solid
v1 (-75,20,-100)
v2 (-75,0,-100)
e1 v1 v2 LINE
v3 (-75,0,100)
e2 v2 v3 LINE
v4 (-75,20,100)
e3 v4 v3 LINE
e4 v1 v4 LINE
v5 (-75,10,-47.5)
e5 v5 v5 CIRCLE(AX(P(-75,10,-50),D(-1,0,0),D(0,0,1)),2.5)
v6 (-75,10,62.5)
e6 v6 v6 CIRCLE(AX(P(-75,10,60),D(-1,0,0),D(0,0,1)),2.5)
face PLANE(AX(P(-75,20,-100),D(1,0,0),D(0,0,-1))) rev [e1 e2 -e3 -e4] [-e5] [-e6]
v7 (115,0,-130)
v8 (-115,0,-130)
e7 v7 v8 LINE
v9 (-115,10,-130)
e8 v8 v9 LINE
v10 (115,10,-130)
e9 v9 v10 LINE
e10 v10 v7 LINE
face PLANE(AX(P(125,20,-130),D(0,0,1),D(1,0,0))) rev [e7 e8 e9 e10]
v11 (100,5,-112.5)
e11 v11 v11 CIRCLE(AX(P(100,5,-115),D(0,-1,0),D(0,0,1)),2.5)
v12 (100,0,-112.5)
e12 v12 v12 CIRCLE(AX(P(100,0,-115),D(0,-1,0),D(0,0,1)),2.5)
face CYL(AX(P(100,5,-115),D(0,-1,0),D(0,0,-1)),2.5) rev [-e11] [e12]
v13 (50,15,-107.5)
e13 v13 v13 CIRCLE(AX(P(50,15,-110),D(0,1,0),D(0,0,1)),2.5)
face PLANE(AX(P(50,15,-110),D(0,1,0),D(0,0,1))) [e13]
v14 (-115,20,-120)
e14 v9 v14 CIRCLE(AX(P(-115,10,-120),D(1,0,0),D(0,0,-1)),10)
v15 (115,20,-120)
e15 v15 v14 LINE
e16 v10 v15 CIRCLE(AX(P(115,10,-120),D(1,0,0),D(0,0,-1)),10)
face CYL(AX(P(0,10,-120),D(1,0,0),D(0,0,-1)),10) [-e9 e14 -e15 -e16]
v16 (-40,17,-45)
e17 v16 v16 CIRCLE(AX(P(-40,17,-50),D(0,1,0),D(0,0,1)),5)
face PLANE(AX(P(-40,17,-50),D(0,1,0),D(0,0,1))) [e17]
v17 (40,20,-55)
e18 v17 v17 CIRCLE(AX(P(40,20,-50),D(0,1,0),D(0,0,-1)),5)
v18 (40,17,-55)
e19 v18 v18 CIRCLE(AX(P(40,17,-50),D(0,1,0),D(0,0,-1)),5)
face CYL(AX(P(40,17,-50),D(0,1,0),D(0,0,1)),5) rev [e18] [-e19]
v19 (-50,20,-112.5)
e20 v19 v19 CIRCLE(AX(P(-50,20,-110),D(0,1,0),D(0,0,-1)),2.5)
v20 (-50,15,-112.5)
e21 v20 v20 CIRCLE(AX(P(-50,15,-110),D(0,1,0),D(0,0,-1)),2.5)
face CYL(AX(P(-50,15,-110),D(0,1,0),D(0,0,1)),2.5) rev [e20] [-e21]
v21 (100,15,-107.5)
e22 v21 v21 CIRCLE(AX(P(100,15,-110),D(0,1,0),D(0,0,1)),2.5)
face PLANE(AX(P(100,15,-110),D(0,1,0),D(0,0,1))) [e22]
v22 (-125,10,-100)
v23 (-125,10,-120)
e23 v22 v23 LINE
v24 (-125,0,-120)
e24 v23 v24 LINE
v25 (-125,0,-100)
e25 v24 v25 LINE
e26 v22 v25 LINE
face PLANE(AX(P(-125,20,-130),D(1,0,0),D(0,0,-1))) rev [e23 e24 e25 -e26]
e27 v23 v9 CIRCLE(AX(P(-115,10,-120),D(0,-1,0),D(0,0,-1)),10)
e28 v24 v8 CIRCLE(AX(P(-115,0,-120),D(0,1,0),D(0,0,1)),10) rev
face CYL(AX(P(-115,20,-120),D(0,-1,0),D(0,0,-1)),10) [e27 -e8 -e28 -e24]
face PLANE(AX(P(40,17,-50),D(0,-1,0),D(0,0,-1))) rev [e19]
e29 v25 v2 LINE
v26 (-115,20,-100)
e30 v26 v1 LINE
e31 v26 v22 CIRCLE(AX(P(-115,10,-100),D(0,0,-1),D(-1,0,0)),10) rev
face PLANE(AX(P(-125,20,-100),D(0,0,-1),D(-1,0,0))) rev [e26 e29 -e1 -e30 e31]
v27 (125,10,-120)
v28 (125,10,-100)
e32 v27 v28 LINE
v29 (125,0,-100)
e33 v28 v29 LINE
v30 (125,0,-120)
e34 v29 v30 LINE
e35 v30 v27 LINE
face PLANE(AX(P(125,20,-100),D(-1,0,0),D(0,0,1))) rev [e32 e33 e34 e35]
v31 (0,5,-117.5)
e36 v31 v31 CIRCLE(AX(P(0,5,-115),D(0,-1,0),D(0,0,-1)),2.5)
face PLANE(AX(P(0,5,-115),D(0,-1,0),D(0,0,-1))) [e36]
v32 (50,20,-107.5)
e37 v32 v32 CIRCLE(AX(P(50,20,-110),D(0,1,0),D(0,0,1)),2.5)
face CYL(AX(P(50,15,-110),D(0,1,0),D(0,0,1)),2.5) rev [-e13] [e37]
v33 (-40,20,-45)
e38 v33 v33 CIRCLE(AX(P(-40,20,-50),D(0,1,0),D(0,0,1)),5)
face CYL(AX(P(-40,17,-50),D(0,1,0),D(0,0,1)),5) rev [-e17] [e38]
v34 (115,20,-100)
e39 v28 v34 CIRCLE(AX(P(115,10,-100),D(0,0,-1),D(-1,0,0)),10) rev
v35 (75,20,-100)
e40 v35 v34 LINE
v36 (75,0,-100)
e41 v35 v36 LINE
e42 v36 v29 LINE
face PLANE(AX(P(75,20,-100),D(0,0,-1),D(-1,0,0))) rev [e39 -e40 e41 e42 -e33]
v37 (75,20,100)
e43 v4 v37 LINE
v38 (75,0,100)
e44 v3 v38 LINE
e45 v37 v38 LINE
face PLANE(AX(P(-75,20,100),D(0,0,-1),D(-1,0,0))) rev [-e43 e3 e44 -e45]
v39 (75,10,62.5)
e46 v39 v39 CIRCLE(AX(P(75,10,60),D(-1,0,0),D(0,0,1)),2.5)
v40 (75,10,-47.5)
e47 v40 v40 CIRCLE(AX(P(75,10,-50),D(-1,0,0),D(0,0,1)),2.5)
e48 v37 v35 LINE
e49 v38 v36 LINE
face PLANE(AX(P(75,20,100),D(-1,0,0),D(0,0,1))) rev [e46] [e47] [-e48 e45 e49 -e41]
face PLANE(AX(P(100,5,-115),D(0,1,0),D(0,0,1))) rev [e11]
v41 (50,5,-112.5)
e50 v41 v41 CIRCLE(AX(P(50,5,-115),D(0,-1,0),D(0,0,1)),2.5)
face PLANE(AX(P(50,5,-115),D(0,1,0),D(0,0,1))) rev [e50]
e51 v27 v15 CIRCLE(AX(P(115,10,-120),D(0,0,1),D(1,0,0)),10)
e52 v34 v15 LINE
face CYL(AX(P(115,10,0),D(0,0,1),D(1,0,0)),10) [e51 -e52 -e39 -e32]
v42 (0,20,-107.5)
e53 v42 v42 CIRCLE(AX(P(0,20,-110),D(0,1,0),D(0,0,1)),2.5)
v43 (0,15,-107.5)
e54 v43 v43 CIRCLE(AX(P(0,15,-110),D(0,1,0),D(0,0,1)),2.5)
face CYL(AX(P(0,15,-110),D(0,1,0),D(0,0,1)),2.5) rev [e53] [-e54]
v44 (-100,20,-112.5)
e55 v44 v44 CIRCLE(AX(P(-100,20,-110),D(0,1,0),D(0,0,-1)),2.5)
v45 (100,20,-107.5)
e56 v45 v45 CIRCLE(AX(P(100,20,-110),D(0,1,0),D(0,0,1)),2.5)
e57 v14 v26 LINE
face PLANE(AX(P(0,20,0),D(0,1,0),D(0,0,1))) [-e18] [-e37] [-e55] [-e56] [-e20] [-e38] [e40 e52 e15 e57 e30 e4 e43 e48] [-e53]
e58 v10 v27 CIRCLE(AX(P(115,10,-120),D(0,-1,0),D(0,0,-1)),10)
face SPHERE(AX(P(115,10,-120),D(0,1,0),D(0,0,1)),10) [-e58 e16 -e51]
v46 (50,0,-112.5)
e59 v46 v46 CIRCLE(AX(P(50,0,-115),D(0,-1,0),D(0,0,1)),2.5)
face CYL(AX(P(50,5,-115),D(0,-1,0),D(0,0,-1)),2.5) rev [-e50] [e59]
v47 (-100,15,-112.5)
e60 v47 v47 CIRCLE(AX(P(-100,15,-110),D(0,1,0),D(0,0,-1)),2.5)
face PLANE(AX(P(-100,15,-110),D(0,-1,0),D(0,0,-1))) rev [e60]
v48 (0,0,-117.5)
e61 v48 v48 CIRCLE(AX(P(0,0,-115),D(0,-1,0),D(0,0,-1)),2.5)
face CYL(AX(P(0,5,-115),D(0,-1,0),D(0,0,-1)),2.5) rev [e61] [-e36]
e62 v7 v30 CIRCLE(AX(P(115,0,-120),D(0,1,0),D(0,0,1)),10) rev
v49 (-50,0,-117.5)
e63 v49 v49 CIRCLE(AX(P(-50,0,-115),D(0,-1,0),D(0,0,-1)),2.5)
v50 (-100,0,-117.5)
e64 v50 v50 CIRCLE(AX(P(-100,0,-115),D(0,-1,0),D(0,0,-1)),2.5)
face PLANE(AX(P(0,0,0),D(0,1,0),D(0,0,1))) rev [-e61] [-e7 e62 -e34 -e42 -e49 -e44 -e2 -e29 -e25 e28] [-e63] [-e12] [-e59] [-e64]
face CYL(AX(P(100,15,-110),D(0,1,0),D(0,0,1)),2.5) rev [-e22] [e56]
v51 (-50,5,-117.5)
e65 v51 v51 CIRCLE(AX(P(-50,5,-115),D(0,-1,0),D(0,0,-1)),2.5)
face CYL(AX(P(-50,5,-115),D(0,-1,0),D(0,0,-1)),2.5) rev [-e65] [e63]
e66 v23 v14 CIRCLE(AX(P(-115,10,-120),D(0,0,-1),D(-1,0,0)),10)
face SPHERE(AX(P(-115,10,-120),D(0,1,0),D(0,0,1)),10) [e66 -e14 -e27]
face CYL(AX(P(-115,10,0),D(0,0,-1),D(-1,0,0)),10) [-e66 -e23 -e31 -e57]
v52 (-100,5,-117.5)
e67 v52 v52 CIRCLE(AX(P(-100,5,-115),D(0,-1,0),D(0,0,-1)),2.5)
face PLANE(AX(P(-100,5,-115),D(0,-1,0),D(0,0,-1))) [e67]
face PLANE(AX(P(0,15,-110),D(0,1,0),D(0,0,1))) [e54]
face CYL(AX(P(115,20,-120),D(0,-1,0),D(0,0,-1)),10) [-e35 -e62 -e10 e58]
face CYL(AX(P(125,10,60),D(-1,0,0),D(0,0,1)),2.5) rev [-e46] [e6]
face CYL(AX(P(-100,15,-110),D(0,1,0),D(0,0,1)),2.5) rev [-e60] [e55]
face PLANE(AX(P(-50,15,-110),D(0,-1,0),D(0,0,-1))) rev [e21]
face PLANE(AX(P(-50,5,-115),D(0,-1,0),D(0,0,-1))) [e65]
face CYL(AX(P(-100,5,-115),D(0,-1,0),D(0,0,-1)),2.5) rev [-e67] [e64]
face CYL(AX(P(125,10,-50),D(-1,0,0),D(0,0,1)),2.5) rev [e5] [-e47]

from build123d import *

# Parameters (mm, degrees)
BOSS_EXTRUDE1_DEPTH = 20
SKETCH2_R           = 2.5
CUT_EXTRUDE1_DEPTH  = 240.374184072
SKETCH4_R           = 2.5
CUT_EXTRUDE2_DEPTH  = 5
FILLET1_R           = 10
FILLET2_R           = 10
SKETCH6_R           = 2.5
CUT_EXTRUDE3_DEPTH  = 5
SKETCH8_R           = 5
CUT_EXTRUDE5_DEPTH  = 3


with BuildPart() as part:
    # Sketch1 → Boss-Extrude1 (new body)
    with BuildSketch(Plane(origin=(0, 0, 0), x_dir=(1, 0, 0), z_dir=(0, 1, 0))):
        Polygon((-75, -100), (75, -100), (75, 100), (125, 100), (125, 130), (-125, 130), (-125, 100), (-75, 100), align=None)
    extrude(amount=BOSS_EXTRUDE1_DEPTH)

    # Sketch2 → Cut-Extrude1 (cut, through all)
    with BuildSketch(Plane.ZY.offset(75)):
        with Locations((60, 10)):
            Circle(SKETCH2_R)
        with Locations((-50, 10)):
            Circle(SKETCH2_R)
    extrude(amount=-CUT_EXTRUDE1_DEPTH, mode=Mode.SUBTRACT)

    # Sketch4 → Cut-Extrude2 (cut)
    with BuildSketch(Plane.XZ):
        with Locations(Location((-100, -115, 0), (0, 0, 270))):
            Circle(SKETCH4_R)
        with Locations(Location((-50, -115, 0), (0, 0, 270))):
            Circle(SKETCH4_R)
        with Locations(Location((0, -115, 0), (0, 0, 270))):
            Circle(SKETCH4_R)
        with Locations(Location((50, -115, 0), (0, 0, 90))):
            Circle(SKETCH4_R)
        with Locations(Location((100, -115, 0), (0, 0, 90))):
            Circle(SKETCH4_R)
    extrude(amount=-CUT_EXTRUDE2_DEPTH, mode=Mode.SUBTRACT)

    # Fillet1
    fillet1_edges = [part.edges().sort_by_distance(p)[0] for p in [
        (-125, 10, -130),
        (125, 10, -130),
    ]]
    fillet(fillet1_edges, radius=FILLET1_R)

    # Fillet2
    fillet2_edges = [part.edges().sort_by_distance(p)[0] for p in [
        (125, 20, -110),
        (0, 20, -130),
        (-125, 20, -110),
        (-122.071067812, 20, -127.071067812),
        (122.071067812, 20, -127.071067812),
    ]]
    fillet(fillet2_edges, radius=FILLET2_R)

    # Sketch6 → Cut-Extrude3 (cut)
    with BuildSketch(Plane(origin=(0, 20, 0), x_dir=(1, 0, 0), z_dir=(0, 1, 0))):
        with Locations(Location((0, 110, 0), (0, 0, 270))):
            Circle(SKETCH6_R)
        with Locations(Location((50, 110, 0), (0, 0, 270))):
            Circle(SKETCH6_R)
        with Locations(Location((100, 110, 0), (0, 0, 270))):
            Circle(SKETCH6_R)
        with Locations(Location((-50, 110, 0), (0, 0, 90))):
            Circle(SKETCH6_R)
        with Locations(Location((-100, 110, 0), (0, 0, 90))):
            Circle(SKETCH6_R)
    extrude(amount=-CUT_EXTRUDE3_DEPTH, mode=Mode.SUBTRACT)

    # Sketch8 → Cut-Extrude5 (cut)
    with BuildSketch(Plane(origin=(0, 20, 0), x_dir=(1, 0, 0), z_dir=(0, 1, 0))):
        with Locations(Location((-40, 50, 0), (0, 0, 270))):
            Circle(SKETCH8_R)
        with Locations(Location((40, 50, 0), (0, 0, 90))):
            Circle(SKETCH8_R)
    extrude(amount=-CUT_EXTRUDE5_DEPTH, mode=Mode.SUBTRACT)


solid = part.part
